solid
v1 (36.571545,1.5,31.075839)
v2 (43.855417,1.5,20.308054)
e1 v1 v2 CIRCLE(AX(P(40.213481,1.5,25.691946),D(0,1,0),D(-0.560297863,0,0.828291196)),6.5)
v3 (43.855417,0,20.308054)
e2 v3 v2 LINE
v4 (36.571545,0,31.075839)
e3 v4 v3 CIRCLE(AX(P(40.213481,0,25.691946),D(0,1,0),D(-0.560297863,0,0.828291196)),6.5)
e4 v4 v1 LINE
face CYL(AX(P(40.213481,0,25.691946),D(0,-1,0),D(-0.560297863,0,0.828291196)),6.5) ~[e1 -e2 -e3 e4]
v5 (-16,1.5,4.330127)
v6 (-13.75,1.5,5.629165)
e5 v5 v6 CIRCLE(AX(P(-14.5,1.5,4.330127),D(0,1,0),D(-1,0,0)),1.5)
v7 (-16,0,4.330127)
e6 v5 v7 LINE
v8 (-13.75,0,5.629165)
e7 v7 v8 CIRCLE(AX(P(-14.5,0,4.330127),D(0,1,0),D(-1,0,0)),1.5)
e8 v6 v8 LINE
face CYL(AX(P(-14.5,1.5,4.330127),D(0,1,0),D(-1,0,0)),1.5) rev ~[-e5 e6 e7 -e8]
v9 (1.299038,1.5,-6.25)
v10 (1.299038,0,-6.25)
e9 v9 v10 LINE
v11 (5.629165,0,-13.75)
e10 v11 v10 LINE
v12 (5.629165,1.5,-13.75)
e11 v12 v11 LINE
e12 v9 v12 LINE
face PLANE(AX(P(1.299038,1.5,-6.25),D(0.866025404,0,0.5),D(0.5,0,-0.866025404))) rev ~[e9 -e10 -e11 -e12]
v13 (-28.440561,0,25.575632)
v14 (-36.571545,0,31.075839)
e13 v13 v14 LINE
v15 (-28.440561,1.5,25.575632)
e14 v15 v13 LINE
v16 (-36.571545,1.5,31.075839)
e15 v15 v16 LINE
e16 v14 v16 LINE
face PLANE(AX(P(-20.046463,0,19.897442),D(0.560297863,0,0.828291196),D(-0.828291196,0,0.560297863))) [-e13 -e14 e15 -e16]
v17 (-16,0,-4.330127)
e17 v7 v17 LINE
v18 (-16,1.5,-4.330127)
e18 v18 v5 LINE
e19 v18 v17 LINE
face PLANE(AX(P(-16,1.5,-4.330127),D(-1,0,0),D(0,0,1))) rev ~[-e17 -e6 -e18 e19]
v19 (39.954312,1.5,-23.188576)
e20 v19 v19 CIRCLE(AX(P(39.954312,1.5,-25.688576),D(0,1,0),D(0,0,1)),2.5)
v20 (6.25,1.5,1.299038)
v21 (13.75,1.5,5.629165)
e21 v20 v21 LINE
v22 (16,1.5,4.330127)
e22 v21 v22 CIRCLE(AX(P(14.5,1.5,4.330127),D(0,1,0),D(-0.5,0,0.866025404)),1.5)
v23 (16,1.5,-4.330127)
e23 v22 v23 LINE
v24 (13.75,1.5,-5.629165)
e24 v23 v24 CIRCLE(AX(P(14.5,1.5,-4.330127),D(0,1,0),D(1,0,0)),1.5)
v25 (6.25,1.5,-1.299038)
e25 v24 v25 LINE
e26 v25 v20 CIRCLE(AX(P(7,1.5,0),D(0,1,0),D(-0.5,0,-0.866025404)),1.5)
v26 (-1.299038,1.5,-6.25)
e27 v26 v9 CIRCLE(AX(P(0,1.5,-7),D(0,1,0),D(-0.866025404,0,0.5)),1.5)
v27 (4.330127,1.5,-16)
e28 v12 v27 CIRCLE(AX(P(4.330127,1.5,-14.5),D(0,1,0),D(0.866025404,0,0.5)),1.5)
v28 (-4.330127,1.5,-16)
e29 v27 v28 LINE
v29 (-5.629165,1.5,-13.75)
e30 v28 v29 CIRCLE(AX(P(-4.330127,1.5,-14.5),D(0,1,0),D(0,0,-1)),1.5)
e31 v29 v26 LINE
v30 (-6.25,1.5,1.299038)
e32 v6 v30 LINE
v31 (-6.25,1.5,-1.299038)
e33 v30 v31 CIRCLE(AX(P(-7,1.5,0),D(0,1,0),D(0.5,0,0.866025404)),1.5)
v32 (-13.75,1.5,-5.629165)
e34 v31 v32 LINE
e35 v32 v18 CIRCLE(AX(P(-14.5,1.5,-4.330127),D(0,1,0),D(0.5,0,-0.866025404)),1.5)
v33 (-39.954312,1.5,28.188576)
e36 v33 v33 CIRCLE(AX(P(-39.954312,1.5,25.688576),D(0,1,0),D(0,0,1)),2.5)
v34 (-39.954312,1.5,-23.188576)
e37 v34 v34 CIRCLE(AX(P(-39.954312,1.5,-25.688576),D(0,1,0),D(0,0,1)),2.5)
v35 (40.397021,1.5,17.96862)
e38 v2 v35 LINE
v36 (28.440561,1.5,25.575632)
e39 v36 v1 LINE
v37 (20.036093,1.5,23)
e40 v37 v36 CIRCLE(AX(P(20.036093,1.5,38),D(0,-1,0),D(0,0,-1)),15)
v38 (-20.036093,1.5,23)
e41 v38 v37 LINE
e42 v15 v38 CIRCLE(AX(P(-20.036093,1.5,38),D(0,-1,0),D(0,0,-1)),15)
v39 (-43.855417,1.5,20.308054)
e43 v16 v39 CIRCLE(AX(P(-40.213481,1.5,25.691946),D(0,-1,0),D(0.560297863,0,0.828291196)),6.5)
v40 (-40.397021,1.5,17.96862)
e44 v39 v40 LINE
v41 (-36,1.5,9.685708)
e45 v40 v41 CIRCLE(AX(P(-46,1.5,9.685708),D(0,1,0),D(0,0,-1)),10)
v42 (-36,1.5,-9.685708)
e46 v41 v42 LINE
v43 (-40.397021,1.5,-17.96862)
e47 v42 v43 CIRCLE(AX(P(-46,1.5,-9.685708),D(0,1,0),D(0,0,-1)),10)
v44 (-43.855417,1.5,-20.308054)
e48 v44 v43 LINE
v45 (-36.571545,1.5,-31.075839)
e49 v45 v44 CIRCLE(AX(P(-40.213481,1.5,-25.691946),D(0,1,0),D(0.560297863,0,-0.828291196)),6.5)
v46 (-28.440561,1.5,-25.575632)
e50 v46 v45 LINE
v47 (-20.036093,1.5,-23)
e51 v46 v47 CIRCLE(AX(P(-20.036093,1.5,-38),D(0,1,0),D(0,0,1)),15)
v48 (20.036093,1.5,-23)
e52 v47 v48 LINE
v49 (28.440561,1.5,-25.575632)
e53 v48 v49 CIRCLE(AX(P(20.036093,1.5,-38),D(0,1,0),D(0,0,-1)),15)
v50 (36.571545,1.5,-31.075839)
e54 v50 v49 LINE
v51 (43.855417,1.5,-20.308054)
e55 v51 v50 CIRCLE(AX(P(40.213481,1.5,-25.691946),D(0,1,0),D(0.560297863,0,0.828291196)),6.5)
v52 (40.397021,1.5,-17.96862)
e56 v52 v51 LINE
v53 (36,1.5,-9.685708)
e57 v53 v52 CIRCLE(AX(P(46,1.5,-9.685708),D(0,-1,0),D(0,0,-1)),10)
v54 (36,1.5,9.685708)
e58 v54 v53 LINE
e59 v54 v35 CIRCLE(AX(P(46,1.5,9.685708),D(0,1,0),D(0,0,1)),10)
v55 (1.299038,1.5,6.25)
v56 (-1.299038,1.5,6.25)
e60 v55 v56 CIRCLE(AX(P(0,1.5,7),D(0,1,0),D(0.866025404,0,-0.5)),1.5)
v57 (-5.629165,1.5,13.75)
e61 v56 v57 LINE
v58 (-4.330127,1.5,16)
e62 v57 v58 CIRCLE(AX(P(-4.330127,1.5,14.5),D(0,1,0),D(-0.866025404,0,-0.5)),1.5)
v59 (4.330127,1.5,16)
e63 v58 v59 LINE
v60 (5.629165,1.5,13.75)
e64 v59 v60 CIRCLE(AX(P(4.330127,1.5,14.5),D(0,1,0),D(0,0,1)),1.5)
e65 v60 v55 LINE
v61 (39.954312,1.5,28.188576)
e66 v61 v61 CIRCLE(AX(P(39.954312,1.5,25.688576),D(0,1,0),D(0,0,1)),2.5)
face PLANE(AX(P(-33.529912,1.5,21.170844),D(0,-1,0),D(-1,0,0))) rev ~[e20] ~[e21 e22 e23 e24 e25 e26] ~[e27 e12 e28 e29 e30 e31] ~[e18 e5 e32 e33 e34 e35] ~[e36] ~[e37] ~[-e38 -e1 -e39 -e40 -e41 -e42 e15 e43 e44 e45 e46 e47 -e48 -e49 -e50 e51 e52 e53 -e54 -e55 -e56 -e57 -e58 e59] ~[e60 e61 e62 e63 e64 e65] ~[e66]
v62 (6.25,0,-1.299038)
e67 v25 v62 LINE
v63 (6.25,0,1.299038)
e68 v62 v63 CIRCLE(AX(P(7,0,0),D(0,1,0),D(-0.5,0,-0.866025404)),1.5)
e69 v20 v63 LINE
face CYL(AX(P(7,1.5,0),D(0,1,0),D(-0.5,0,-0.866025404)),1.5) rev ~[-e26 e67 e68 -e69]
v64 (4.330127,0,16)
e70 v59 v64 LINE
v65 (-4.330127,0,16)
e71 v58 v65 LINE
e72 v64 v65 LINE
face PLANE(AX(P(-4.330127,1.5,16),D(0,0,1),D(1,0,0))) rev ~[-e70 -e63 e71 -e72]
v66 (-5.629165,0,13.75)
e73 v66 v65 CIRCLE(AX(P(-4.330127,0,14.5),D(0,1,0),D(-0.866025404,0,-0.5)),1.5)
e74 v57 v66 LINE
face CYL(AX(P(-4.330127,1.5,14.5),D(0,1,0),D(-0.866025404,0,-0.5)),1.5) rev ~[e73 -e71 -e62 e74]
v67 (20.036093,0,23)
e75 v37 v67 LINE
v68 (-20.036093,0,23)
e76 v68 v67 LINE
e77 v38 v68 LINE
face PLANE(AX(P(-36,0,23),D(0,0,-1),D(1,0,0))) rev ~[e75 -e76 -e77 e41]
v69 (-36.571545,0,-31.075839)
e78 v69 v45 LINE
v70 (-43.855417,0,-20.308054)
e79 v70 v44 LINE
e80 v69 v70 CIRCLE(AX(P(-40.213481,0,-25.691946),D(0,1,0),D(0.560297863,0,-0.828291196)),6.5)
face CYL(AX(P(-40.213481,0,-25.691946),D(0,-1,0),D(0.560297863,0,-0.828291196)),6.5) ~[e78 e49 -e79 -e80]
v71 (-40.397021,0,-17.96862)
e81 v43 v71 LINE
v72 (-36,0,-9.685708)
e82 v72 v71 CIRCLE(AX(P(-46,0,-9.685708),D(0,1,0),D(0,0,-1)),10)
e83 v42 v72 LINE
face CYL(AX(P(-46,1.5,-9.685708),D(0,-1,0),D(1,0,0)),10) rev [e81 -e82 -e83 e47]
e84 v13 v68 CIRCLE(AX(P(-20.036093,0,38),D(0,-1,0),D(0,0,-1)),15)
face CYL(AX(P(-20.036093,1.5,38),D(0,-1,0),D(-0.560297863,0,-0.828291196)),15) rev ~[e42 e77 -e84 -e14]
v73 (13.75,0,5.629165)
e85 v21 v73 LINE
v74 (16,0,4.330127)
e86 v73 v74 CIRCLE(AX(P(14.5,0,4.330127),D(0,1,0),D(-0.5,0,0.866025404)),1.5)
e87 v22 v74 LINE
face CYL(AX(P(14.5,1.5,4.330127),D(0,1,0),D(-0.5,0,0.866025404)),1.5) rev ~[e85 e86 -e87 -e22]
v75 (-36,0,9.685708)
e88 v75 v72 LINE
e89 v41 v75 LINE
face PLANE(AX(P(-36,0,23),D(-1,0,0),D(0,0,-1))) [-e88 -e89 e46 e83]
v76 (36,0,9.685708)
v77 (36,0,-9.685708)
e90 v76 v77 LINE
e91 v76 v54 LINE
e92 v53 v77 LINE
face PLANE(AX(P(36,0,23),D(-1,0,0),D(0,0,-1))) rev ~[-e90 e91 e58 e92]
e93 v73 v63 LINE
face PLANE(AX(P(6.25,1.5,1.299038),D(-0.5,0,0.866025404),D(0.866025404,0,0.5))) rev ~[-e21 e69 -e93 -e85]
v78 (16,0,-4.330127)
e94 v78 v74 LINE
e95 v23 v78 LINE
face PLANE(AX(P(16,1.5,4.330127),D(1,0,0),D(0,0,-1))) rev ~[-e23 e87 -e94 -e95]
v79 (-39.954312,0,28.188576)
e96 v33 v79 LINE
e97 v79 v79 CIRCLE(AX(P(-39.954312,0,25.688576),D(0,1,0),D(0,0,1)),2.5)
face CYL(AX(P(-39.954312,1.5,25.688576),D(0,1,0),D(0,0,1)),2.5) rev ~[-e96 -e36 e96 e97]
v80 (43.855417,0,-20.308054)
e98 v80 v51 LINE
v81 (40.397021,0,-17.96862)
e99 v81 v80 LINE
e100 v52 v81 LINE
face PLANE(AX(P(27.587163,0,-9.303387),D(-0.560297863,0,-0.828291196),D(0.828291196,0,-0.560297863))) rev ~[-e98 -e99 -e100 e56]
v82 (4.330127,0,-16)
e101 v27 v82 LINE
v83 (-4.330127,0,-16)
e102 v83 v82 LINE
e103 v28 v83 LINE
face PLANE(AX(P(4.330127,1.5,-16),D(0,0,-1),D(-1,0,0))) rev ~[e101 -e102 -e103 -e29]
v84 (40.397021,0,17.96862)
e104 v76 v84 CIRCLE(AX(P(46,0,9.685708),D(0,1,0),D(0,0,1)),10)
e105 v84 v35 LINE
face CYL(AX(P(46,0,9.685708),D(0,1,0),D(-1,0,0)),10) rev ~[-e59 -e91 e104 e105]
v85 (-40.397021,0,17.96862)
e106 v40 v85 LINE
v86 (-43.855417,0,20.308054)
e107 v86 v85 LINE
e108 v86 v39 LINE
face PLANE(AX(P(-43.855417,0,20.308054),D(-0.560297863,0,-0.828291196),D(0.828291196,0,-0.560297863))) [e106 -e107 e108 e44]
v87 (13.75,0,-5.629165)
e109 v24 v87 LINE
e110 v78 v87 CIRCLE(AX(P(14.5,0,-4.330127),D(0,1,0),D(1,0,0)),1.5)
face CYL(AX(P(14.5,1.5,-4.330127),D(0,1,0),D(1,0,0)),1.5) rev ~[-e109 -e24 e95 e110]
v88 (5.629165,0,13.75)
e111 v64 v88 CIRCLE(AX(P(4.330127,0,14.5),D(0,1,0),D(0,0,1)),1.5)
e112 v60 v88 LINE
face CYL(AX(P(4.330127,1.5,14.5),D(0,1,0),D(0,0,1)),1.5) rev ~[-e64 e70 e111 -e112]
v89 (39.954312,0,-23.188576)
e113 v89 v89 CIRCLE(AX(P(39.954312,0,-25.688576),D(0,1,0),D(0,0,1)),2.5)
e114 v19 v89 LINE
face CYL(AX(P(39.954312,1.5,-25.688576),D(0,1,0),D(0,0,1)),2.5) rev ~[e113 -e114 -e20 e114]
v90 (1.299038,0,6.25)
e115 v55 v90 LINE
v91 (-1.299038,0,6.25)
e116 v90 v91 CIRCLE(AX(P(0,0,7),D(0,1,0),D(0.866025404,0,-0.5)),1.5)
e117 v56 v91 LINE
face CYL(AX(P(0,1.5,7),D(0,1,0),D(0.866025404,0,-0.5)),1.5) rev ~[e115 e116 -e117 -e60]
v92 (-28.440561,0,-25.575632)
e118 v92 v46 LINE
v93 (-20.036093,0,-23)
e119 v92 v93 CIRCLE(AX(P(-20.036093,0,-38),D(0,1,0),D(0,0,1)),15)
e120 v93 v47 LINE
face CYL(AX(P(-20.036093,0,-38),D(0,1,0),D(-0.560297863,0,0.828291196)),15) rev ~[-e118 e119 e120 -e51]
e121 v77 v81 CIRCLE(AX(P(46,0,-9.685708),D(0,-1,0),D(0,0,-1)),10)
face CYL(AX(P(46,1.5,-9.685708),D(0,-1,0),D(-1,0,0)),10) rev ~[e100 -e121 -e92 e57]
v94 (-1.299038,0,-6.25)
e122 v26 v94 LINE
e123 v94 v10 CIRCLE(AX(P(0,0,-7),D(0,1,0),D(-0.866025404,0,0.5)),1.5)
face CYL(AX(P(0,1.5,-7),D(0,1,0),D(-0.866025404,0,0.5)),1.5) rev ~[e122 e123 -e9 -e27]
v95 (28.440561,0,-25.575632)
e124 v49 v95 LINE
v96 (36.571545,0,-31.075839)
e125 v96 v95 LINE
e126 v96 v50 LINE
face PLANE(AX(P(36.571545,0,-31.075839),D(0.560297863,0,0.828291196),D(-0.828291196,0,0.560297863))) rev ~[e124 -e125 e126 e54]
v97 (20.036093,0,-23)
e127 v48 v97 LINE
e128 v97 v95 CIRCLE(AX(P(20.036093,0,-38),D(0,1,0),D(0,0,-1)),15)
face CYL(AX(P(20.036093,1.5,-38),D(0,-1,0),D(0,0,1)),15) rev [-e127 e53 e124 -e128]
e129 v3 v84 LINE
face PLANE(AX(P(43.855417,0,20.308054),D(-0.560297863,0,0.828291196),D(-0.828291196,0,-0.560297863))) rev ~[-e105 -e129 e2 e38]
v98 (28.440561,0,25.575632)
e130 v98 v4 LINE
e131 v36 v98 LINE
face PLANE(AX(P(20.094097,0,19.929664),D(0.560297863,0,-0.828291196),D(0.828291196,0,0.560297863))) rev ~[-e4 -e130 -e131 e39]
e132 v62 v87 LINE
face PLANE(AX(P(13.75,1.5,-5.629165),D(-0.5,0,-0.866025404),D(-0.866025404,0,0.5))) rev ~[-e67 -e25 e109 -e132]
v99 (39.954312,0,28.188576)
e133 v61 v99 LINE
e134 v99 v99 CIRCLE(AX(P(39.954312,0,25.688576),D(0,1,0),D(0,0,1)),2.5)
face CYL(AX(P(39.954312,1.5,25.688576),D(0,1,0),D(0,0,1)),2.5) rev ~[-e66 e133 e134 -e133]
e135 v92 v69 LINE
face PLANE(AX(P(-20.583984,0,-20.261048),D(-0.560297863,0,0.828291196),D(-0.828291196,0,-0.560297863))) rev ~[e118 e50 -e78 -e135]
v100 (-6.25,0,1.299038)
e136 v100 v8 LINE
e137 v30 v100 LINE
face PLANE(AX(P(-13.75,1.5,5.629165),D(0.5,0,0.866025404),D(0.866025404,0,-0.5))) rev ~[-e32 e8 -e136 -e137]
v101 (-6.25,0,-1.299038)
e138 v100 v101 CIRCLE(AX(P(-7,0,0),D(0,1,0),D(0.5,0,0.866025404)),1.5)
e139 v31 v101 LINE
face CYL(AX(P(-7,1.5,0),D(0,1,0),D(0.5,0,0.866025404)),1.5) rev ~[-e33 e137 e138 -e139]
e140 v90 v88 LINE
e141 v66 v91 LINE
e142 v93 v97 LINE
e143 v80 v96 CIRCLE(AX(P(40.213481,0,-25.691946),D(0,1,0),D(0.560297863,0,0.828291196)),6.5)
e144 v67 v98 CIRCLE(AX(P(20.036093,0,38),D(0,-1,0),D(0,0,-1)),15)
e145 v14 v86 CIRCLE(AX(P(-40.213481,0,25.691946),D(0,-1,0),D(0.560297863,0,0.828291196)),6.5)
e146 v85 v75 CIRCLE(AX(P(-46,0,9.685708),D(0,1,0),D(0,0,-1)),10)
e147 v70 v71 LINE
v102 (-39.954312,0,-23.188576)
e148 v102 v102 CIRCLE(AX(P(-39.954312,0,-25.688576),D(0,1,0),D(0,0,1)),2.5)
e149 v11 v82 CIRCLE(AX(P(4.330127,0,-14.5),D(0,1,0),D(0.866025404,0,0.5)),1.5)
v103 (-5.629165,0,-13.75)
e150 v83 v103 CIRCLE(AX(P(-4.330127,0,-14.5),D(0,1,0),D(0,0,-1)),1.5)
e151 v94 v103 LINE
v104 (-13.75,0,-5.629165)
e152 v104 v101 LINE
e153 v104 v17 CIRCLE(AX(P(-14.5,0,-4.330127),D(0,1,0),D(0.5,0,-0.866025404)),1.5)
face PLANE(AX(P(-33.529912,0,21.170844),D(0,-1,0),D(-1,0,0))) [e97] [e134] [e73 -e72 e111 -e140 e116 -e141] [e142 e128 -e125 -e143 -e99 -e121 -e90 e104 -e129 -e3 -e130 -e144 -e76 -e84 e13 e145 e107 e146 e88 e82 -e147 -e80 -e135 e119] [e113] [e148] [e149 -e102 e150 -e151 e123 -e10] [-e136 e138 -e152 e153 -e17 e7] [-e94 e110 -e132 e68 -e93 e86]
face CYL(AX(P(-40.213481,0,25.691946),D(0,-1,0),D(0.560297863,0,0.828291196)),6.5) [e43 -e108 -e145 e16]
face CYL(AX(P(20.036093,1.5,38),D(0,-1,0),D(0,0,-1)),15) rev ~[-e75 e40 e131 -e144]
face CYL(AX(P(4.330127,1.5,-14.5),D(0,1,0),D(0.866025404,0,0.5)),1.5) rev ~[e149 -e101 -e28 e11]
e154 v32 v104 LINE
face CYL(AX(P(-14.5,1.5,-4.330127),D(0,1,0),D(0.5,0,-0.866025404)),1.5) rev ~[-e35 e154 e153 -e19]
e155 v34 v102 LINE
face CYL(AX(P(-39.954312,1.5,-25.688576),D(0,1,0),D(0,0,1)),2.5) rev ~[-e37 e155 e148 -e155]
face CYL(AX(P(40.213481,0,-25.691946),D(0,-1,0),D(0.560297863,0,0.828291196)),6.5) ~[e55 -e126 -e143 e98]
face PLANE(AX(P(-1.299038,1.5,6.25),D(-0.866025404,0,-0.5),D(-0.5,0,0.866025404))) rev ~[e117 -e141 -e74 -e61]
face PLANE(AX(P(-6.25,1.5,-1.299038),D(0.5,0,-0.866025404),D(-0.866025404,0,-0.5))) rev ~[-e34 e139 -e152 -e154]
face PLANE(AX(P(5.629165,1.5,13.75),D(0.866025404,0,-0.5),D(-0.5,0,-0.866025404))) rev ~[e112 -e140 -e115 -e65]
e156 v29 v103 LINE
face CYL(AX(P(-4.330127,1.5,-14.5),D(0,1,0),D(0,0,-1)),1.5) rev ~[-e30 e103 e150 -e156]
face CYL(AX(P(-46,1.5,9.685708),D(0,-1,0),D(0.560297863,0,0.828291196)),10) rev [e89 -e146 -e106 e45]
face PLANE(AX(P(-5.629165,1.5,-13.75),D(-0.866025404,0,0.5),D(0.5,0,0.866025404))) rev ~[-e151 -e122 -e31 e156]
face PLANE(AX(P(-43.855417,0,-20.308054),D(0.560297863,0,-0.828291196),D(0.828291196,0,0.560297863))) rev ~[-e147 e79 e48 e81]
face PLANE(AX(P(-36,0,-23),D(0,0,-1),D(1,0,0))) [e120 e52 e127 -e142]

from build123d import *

# Parameters (mm, degrees)
SKETCH1_W           = 72
SKETCH1_H           = 46
BOSS_EXTRUDE1_DEPTH = 1.5
BOSS_EXTRUDE2_DEPTH = 1.5
FILLET1_R           = 10
FILLET2_R           = 15
SKETCH4_R           = 2.5
CUT_EXTRUDE1_DEPTH  = 57.751394231
CUT_EXTRUDE2_DEPTH  = 57.751394231


with BuildPart() as part:
    # Sketch1 → Boss-Extrude1 (new body)
    with BuildSketch(Plane(origin=(0, 0, 0), x_dir=(1, 0, 0), z_dir=(0, 1, 0))):
        Rectangle(SKETCH1_W, SKETCH1_H)
    extrude(amount=BOSS_EXTRUDE1_DEPTH)

    # Sketch2 → Boss-Extrude2 (add)
    with BuildSketch(Plane(origin=(0, 0, 0), x_dir=(-1, 0, 0), z_dir=(0, -1, 0))):
        with BuildLine():
            Line((43.855417409, -20.308053614), (27.33033513, -9.129656043))
            Line((27.33033513, -9.129656043), (20.046462909, -19.897441585))
            Line((20.046462909, -19.897441585), (36.571545189, -31.075839157))
            ThreePointArc((36.571545189, -31.075839157), (45.59737407, -29.333882496), (43.855417409, -20.308053614))
        make_face()
        with BuildLine():
            Line((43.855417409, 20.308053614), (27.867856538, 9.493262584))
            Line((27.867856538, 9.493262584), (20.583984318, 20.261048126))
            Line((20.583984318, 20.261048126), (36.571545189, 31.075839157))
            ThreePointArc((36.571545189, 31.075839157), (45.59737407, 29.333882496), (43.855417409, 20.308053614))
        make_face()
        with BuildLine():
            Line((-36.571545189, 31.075839157), (-20.303290898, 20.071172966))
            Line((-20.303290898, 20.071172966), (-27.587163118, 9.303387424))
            Line((-27.587163118, 9.303387424), (-43.855417409, 20.308053614))
            ThreePointArc((-43.855417409, 20.308053614), (-45.59737407, 29.333882496), (-36.571545189, 31.075839157))
        make_face()
        with BuildLine():
            Line((-43.855417409, -20.308053614), (-27.377969487, -9.161878321))
            Line((-27.377969487, -9.161878321), (-20.094097267, -19.929663863))
            Line((-20.094097267, -19.929663863), (-36.571545189, -31.075839157))
            ThreePointArc((-36.571545189, -31.075839157), (-45.59737407, -29.333882496), (-43.855417409, -20.308053614))
        make_face()
    extrude(amount=-BOSS_EXTRUDE2_DEPTH)

    # Fillet1
    fillet1_edges = [part.edges().sort_by_distance(p)[0] for p in [
        (36, 0.75, -14.994253816),
        (36, 0.75, 14.994253816),
        (-36, 0.75, -14.994253816),
        (-36, 0.75, 14.994253816),
    ]]
    fillet(fillet1_edges, radius=FILLET1_R)

    # Fillet2
    fillet2_edges = [part.edges().sort_by_distance(p)[0] for p in [
        (24.632990876, 0.75, -23),
        (24.632990876, 0.75, 23),
        (-24.632990876, 0.75, -23),
        (-24.632990876, 0.75, 23),
    ]]
    fillet(fillet2_edges, radius=FILLET2_R)

    # Sketch4 → Cut-Extrude1 (cut, through all)
    with BuildSketch(Plane(origin=(0, 1.5, 0), x_dir=(1, 0, 0), z_dir=(0, 1, 0))):
        with Locations(Location((-39.954311998, -25.688576308, 0), (0, 0, 270))):
            Circle(SKETCH4_R)
        with Locations(Location((39.954311998, 25.688576308, 0), (0, 0, 270))):
            Circle(SKETCH4_R)
        with Locations(Location((-39.954311998, 25.688576308, 0), (0, 0, 270))):
            Circle(SKETCH4_R)
        with Locations(Location((39.954311998, -25.688576308, 0), (0, 0, 270))):
            Circle(SKETCH4_R)
    extrude(amount=-CUT_EXTRUDE1_DEPTH, mode=Mode.SUBTRACT)

    # Sketch5 → Cut-Extrude2 (cut, through all)
    with BuildSketch(Plane(origin=(0, 1.5, 0), x_dir=(1, 0, 0), z_dir=(0, 1, 0))):
        with BuildLine():
            Line((1.299038106, 6.25), (5.629165125, 13.75))
            ThreePointArc((5.629165125, 13.75), (5.629165125, 15.25), (4.330127019, 16))
            Line((4.330127019, 16), (-4.330127019, 16))
            ThreePointArc((-4.330127019, 16), (-5.629165125, 15.25), (-5.629165125, 13.75))
            Line((-5.629165125, 13.75), (-1.299038106, 6.25))
            ThreePointArc((-1.299038106, 6.25), (0, 5.5), (1.299038106, 6.25))
        make_face()
        with BuildLine():
            Line((-1.299038106, -6.25), (-5.629165125, -13.75))
            ThreePointArc((-5.629165125, -13.75), (-5.629165125, -15.25), (-4.330127019, -16))
            Line((-4.330127019, -16), (4.330127019, -16))
            ThreePointArc((4.330127019, -16), (5.629165125, -15.25), (5.629165125, -13.75))
            Line((5.629165125, -13.75), (1.299038106, -6.25))
            ThreePointArc((1.299038106, -6.25), (0, -5.5), (-1.299038106, -6.25))
        make_face()
        with BuildLine():
            Line((-6.25, 1.299038106), (-13.75, 5.629165125))
            ThreePointArc((-13.75, 5.629165125), (-15.25, 5.629165125), (-16, 4.330127019))
            Line((-16, 4.330127019), (-16, -4.330127019))
            ThreePointArc((-16, -4.330127019), (-15.25, -5.629165125), (-13.75, -5.629165125))
            Line((-13.75, -5.629165125), (-6.25, -1.299038106))
            ThreePointArc((-6.25, -1.299038106), (-5.5, 0), (-6.25, 1.299038106))
        make_face()
        with BuildLine():
            Line((6.25, -1.299038106), (13.75, -5.629165125))
            ThreePointArc((13.75, -5.629165125), (15.25, -5.629165125), (16, -4.330127019))
            Line((16, -4.330127019), (16, 4.330127019))
            ThreePointArc((16, 4.330127019), (15.25, 5.629165125), (13.75, 5.629165125))
            Line((13.75, 5.629165125), (6.25, 1.299038106))
            ThreePointArc((6.25, 1.299038106), (5.5, 0), (6.25, -1.299038106))
        make_face()
    extrude(amount=-CUT_EXTRUDE2_DEPTH, mode=Mode.SUBTRACT)


solid = part.part
